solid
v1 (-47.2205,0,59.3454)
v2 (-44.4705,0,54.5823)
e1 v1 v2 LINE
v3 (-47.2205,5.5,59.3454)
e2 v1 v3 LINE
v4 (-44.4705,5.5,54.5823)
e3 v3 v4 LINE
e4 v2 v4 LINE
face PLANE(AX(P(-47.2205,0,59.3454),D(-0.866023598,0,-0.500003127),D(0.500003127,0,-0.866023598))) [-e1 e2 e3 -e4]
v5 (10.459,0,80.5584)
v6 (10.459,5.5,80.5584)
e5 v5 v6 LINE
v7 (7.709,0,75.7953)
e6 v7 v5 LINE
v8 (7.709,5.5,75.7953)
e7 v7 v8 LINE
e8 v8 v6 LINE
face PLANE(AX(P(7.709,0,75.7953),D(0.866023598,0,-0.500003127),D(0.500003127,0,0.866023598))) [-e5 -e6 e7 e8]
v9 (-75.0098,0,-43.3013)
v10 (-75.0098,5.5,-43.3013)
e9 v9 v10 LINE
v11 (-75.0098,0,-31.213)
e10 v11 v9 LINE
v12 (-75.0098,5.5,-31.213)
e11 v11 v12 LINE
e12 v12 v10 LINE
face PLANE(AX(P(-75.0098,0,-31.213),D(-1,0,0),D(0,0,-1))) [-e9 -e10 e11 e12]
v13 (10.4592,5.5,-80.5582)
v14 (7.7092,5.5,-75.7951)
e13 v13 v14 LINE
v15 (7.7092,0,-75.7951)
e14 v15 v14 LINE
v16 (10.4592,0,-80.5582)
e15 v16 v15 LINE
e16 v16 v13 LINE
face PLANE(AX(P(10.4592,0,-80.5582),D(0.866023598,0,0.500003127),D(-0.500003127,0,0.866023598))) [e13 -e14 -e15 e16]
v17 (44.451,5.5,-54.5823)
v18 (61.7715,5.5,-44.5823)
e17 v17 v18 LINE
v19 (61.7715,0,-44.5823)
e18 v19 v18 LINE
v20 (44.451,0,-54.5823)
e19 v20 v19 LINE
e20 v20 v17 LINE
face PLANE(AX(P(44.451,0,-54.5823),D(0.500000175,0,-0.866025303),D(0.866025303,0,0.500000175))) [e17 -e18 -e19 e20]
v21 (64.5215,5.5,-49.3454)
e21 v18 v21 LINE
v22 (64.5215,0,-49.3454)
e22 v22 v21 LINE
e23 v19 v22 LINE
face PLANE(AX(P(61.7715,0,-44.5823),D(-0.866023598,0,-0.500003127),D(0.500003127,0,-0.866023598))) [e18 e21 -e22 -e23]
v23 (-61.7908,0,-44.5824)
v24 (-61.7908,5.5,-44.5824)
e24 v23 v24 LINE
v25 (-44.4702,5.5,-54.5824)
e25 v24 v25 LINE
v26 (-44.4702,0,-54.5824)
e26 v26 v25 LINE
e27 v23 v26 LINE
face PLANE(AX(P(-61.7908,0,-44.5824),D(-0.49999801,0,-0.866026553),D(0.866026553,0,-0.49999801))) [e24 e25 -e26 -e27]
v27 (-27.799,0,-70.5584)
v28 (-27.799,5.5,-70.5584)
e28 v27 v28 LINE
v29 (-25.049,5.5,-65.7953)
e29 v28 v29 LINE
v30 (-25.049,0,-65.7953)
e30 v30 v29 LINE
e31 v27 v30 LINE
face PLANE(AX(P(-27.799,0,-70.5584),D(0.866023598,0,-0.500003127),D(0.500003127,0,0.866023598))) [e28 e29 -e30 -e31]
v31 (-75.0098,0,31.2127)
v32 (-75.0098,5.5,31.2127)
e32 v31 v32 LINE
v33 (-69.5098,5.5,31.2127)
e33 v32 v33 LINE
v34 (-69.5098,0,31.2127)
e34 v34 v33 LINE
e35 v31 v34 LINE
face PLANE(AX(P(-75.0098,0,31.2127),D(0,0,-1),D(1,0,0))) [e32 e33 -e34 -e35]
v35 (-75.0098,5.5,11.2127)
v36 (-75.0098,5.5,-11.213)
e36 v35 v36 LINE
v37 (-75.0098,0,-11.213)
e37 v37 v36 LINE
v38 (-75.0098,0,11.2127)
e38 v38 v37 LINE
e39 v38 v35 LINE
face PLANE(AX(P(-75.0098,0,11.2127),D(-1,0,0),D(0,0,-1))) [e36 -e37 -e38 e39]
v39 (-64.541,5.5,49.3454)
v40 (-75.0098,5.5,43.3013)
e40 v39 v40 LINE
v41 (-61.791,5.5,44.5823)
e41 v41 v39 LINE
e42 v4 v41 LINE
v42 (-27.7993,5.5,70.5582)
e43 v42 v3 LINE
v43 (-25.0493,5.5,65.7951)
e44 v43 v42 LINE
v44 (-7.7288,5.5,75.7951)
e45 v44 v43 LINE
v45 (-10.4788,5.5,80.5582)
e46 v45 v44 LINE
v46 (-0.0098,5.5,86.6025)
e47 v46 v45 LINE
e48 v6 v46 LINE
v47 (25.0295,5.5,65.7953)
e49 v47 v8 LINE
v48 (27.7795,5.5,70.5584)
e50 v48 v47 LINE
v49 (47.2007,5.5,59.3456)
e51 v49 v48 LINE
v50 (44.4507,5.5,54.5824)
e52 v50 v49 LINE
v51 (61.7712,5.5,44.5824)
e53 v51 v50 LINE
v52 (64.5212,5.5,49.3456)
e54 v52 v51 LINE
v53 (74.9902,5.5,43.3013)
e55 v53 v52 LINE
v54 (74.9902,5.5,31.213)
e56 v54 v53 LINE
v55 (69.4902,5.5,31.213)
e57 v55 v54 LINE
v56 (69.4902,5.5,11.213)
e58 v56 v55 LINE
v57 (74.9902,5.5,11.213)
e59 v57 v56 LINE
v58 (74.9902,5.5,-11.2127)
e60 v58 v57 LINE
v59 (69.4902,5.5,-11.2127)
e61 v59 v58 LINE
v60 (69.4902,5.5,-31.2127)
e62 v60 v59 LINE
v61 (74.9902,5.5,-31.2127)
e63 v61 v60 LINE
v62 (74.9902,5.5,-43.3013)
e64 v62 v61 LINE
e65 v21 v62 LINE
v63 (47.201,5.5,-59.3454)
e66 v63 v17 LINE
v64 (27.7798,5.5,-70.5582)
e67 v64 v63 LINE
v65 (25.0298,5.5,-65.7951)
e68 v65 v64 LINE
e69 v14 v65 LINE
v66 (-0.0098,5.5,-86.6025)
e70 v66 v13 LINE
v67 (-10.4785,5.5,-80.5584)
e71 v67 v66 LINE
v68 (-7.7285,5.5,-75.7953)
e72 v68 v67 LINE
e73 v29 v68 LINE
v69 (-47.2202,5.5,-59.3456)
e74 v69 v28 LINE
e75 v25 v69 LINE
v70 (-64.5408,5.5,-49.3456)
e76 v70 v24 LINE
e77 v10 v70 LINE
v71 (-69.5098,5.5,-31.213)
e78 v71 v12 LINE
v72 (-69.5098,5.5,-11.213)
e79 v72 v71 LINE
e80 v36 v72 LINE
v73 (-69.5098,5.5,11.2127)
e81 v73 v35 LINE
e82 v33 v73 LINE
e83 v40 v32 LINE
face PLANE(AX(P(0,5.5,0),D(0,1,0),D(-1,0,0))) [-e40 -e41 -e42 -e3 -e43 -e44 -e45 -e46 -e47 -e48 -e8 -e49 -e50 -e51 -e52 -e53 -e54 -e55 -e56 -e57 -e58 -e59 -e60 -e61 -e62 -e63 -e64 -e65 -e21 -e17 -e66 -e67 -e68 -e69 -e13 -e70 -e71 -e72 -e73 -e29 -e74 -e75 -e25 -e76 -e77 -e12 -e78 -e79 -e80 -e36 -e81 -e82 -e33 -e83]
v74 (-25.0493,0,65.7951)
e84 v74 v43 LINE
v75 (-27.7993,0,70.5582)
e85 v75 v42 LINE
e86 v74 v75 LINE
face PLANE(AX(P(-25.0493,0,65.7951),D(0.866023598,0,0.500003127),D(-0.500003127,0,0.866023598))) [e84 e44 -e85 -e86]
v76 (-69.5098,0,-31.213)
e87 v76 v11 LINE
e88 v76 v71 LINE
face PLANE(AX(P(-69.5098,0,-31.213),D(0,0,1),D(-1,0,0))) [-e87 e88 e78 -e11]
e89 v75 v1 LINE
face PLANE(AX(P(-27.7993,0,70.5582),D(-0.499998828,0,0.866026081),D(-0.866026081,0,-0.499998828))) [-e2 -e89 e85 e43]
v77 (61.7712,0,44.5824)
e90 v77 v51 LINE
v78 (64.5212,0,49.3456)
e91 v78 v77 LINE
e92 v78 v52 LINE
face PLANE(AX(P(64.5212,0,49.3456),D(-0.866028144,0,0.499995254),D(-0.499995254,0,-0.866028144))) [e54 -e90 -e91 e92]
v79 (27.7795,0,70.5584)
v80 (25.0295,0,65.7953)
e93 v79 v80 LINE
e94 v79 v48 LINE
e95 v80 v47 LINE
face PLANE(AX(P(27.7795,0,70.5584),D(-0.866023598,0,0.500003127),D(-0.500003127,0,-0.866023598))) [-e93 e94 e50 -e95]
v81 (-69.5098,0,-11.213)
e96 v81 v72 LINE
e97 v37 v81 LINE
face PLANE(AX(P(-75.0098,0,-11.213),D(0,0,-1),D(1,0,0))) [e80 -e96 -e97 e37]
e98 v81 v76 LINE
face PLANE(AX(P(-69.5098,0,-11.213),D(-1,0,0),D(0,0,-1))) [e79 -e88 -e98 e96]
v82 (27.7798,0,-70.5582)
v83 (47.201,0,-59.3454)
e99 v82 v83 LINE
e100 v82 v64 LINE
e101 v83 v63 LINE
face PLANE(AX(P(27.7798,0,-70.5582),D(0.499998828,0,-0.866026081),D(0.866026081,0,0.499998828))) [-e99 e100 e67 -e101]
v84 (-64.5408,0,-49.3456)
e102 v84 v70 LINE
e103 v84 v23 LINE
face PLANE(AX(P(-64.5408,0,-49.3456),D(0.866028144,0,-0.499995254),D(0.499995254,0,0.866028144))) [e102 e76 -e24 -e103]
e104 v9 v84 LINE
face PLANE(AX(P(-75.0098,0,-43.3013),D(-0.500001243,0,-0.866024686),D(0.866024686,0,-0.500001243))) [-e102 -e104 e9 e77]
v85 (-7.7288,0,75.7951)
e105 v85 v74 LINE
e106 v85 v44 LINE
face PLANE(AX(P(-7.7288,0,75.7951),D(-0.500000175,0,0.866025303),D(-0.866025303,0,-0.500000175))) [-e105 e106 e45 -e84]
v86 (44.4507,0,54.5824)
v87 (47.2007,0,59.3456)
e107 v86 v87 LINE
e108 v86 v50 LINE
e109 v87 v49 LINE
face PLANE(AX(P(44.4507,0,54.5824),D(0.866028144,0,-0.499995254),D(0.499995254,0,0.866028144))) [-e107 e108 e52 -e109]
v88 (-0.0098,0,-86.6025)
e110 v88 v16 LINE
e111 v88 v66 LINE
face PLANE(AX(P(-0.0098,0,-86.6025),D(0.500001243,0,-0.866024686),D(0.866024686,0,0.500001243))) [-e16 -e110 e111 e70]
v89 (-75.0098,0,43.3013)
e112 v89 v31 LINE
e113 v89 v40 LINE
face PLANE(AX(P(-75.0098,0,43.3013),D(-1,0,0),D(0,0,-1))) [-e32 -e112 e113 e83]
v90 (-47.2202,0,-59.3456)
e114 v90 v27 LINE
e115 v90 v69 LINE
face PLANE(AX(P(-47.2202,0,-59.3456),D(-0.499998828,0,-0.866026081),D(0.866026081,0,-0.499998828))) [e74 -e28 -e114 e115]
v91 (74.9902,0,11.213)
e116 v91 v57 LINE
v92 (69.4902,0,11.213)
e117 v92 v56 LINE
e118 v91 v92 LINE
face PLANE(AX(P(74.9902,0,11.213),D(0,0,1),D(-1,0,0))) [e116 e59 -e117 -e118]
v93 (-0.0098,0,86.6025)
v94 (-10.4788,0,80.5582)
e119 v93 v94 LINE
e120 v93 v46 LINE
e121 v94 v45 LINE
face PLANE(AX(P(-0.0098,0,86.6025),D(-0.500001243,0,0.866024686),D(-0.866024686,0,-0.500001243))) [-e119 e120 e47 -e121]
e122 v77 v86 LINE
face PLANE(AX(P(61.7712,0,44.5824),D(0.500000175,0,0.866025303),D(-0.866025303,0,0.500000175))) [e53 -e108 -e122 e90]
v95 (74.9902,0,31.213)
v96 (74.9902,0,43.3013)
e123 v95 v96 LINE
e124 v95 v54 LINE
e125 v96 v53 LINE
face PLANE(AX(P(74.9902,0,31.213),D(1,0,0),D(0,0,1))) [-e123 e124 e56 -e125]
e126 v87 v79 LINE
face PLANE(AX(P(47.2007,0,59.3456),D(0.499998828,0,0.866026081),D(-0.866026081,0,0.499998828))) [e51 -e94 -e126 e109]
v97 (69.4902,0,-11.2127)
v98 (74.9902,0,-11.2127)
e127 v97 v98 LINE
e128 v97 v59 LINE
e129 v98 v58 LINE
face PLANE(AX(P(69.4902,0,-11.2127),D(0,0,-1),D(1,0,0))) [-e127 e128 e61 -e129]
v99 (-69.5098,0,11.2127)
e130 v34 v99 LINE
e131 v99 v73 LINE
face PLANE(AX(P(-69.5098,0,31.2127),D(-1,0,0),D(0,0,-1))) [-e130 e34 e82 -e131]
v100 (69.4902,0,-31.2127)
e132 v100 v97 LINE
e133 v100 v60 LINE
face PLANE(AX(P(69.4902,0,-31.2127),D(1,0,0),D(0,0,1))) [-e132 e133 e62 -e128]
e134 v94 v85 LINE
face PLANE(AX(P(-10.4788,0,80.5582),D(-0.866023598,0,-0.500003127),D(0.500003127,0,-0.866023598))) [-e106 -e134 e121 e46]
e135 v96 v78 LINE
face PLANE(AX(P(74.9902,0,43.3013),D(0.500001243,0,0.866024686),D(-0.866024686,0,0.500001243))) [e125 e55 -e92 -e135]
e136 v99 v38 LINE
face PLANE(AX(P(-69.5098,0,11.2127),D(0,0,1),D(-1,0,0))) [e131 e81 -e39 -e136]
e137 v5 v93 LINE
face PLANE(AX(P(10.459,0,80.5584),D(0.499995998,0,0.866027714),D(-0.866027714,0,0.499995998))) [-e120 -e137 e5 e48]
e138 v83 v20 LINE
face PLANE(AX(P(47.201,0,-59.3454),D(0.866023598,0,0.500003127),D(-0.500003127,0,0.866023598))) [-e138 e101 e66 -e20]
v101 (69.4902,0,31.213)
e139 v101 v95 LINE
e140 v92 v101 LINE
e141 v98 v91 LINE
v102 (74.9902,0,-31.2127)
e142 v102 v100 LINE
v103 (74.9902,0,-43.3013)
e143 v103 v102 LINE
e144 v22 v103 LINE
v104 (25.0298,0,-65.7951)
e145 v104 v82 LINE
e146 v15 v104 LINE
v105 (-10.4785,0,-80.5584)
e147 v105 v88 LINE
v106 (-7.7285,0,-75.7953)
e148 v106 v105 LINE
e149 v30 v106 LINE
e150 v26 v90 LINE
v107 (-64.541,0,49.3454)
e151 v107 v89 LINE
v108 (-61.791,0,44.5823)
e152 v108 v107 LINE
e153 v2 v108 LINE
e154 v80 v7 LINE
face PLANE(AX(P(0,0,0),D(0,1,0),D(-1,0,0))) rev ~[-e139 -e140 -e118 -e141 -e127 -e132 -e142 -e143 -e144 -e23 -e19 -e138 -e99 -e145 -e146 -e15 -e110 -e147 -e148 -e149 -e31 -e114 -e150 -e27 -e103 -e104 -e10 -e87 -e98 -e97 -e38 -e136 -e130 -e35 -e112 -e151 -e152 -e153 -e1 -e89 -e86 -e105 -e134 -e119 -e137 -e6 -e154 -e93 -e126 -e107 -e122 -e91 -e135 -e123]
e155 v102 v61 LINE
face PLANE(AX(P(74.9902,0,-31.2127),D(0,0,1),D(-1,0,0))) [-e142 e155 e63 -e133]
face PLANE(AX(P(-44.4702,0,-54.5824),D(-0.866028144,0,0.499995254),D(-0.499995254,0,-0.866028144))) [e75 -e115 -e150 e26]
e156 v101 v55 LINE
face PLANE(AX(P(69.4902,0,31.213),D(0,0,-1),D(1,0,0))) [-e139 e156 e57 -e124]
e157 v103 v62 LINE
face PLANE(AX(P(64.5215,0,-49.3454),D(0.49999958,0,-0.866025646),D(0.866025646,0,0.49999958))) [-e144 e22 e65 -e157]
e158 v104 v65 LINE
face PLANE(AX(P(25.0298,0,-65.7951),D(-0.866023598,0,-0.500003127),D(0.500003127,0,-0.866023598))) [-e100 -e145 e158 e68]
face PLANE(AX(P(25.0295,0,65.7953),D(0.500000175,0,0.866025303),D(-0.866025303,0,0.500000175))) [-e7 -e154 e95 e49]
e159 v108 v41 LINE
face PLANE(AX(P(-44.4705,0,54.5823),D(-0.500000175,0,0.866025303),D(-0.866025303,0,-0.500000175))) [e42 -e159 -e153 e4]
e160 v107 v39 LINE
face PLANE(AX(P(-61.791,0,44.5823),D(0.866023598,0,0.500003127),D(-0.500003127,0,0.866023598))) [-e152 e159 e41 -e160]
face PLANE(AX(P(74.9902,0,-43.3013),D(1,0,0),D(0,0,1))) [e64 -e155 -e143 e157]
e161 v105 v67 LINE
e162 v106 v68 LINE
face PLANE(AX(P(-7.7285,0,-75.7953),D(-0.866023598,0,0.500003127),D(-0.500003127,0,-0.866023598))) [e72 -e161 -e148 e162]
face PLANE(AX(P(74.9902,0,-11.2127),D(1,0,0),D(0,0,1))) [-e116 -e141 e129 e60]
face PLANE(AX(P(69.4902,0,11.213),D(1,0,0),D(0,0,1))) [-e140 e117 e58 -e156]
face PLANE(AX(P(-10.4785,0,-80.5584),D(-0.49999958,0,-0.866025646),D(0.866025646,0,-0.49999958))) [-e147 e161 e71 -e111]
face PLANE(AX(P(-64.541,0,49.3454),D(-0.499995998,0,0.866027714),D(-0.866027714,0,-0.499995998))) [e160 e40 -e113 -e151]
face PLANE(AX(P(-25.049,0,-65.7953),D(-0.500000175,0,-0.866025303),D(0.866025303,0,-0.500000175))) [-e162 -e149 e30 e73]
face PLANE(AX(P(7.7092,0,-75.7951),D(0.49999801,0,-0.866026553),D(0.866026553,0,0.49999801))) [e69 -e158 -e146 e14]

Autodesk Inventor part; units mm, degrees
ref_plane "YZ Plane" through (0, 0, 0) normal (1, 0, 0) x (0, 1, 0)
ref_plane "XZ Plane" through (0, 0, 0) normal (0, 1, 0) x (-1, 0, 0)
ref_plane "XY Plane" through (0, 0, 0) normal (0, 0, 1) x (1, 0, 0)
sketch "Sketch1" plane through (0, 0, 0) normal (0, 1, 0) x (-1, 0, 0)
  line L0 (75.0098, 31.2127) -> (69.5098, 31.2127)
  line L1 (75.0098, 31.2127) -> (80.5098, 31.2127) construction
  line L2 (69.5098, 31.2127) -> (69.5098, 11.2127)
  line L3 (69.5098, 11.2127) -> (75.0098, 11.2127)
  line L4 (75.0098, -11.213) -> (69.5098, -11.213)
  line L5 (69.5098, -11.213) -> (69.5098, -31.213)
  line L6 (69.5098, -31.213) -> (75.0098, -31.213)
  line L7 (75.0098, -31.213) -> (75.0098, -43.3013)
  line L8 (75.0098, 43.3013) -> (75.0098, 31.2127)
  line L9 (75.0098, 11.2127) -> (75.0098, -11.213)
  line L10 (64.5408, -49.3456) -> (61.7908, -44.5824)
  line L11 (64.5408, -49.3456) -> (67.2908, -54.1087) construction
  line L12 (61.7908, -44.5824) -> (44.4702, -54.5824)
  line L13 (44.4702, -54.5824) -> (47.2202, -59.3456)
  line L14 (27.799, -70.5584) -> (25.049, -65.7953)
  line L15 (25.049, -65.7953) -> (7.7285, -75.7953)
  line L16 (7.7285, -75.7953) -> (10.4785, -80.5584)
  line L17 (10.4785, -80.5584) -> (0.0098, -86.6025)
  line L18 (75.0098, -43.3013) -> (64.5408, -49.3456)
  line L19 (47.2202, -59.3456) -> (27.799, -70.5584)
  line L20 (-10.4592, -80.5582) -> (-7.7092, -75.7951)
  line L21 (-10.4592, -80.5582) -> (-13.2092, -85.3214) construction
  line L22 (-7.7092, -75.7951) -> (-25.0298, -65.7951)
  line L23 (-25.0298, -65.7951) -> (-27.7798, -70.5582)
  line L24 (-47.201, -59.3454) -> (-44.451, -54.5823)
  line L25 (-44.451, -54.5823) -> (-61.7715, -44.5823)
  line L26 (-61.7715, -44.5823) -> (-64.5215, -49.3454)
  line L27 (-64.5215, -49.3454) -> (-74.9902, -43.3013)
  line L28 (0.0098, -86.6025) -> (-10.4592, -80.5582)
  line L29 (-27.7798, -70.5582) -> (-47.201, -59.3454)
  line L30 (-74.9902, -31.2127) -> (-69.4902, -31.2127)
  line L31 (-74.9902, -31.2127) -> (-80.4902, -31.2127) construction
  line L32 (-69.4902, -31.2127) -> (-69.4902, -11.2127)
  line L33 (-69.4902, -11.2127) -> (-74.9902, -11.2127)
  line L34 (-74.9902, 11.213) -> (-69.4902, 11.213)
  line L35 (-69.4902, 11.213) -> (-69.4902, 31.213)
  line L36 (-69.4902, 31.213) -> (-74.9902, 31.213)
  line L37 (-74.9902, 31.213) -> (-74.9902, 43.3013)
  line L38 (-74.9902, -43.3013) -> (-74.9902, -31.2127)
  line L39 (-74.9902, -11.2127) -> (-74.9902, 11.213)
  line L40 (-64.5212, 49.3456) -> (-61.7712, 44.5824)
  line L41 (-64.5212, 49.3456) -> (-67.2712, 54.1087) construction
  line L42 (-61.7712, 44.5824) -> (-44.4507, 54.5824)
  line L43 (-44.4507, 54.5824) -> (-47.2007, 59.3456)
  line L44 (-27.7795, 70.5584) -> (-25.0295, 65.7953)
  line L45 (-25.0295, 65.7953) -> (-7.709, 75.7953)
  line L46 (-7.709, 75.7953) -> (-10.459, 80.5584)
  line L47 (-10.459, 80.5584) -> (0.0098, 86.6025)
  line L48 (-74.9902, 43.3013) -> (-64.5212, 49.3456)
  line L49 (-47.2007, 59.3456) -> (-27.7795, 70.5584)
  line L50 (10.4788, 80.5582) -> (7.7288, 75.7951)
  line L51 (10.4788, 80.5582) -> (13.2288, 85.3214) construction
  line L52 (7.7288, 75.7951) -> (25.0493, 65.7951)
  line L53 (25.0493, 65.7951) -> (27.7993, 70.5582)
  line L54 (47.2205, 59.3454) -> (44.4705, 54.5823)
  line L55 (44.4705, 54.5823) -> (61.791, 44.5823)
  line L56 (61.791, 44.5823) -> (64.541, 49.3454)
  line L57 (64.541, 49.3454) -> (75.0098, 43.3013)
  line L58 (0.0098, 86.6025) -> (10.4788, 80.5582)
  line L59 (27.7993, 70.5582) -> (47.2205, 59.3454)
  line L60 (64.541, 49.3454) -> (75.0098, 43.3013)
  line L61 (0.0098, 86.6025) -> (10.4788, 80.5582)
  line L62 (27.7993, 70.5582) -> (47.2205, 59.3454)
  line L63 (-10.459, 80.5584) -> (0.0098, 86.6025)
  line L64 (-74.9902, 43.3013) -> (-64.5212, 49.3456)
  line L65 (-47.2007, 59.3456) -> (-27.7795, 70.5584)
  line L66 (-74.9902, 31.213) -> (-74.9902, 43.3013)
  line L67 (-74.9902, -43.3013) -> (-74.9902, -31.2127)
  line L68 (-74.9902, -11.2127) -> (-74.9902, 11.213)
  line L69 (-64.5215, -49.3454) -> (-74.9902, -43.3013)
  line L70 (0.0098, -86.6025) -> (-10.4592, -80.5582)
  line L71 (-27.7798, -70.5582) -> (-47.201, -59.3454)
  line L72 (10.4785, -80.5584) -> (0.0098, -86.6025)
  line L73 (75.0098, -43.3013) -> (64.5408, -49.3456)
  line L74 (47.2202, -59.3456) -> (27.799, -70.5584)
  point P0 (0.0098, 0)
  point P1 (0.0098, 0)
  point P2 (0.0098, 0)
  point P3 (0.0098, 0)
  point P4 (0.0098, 0)
  point P5 (0.0098, 0)
  dimension "d6" = 86.6025
  dimension "d7" = 5.5
  dimension "d8" = 180
  dimension "d9" = 20
  dimension "d10" = 20
  dimension "d13" = 360
extrude "Extrusion1" add sketch "Sketch1" along normal blind 5.5
properties part number "base"
